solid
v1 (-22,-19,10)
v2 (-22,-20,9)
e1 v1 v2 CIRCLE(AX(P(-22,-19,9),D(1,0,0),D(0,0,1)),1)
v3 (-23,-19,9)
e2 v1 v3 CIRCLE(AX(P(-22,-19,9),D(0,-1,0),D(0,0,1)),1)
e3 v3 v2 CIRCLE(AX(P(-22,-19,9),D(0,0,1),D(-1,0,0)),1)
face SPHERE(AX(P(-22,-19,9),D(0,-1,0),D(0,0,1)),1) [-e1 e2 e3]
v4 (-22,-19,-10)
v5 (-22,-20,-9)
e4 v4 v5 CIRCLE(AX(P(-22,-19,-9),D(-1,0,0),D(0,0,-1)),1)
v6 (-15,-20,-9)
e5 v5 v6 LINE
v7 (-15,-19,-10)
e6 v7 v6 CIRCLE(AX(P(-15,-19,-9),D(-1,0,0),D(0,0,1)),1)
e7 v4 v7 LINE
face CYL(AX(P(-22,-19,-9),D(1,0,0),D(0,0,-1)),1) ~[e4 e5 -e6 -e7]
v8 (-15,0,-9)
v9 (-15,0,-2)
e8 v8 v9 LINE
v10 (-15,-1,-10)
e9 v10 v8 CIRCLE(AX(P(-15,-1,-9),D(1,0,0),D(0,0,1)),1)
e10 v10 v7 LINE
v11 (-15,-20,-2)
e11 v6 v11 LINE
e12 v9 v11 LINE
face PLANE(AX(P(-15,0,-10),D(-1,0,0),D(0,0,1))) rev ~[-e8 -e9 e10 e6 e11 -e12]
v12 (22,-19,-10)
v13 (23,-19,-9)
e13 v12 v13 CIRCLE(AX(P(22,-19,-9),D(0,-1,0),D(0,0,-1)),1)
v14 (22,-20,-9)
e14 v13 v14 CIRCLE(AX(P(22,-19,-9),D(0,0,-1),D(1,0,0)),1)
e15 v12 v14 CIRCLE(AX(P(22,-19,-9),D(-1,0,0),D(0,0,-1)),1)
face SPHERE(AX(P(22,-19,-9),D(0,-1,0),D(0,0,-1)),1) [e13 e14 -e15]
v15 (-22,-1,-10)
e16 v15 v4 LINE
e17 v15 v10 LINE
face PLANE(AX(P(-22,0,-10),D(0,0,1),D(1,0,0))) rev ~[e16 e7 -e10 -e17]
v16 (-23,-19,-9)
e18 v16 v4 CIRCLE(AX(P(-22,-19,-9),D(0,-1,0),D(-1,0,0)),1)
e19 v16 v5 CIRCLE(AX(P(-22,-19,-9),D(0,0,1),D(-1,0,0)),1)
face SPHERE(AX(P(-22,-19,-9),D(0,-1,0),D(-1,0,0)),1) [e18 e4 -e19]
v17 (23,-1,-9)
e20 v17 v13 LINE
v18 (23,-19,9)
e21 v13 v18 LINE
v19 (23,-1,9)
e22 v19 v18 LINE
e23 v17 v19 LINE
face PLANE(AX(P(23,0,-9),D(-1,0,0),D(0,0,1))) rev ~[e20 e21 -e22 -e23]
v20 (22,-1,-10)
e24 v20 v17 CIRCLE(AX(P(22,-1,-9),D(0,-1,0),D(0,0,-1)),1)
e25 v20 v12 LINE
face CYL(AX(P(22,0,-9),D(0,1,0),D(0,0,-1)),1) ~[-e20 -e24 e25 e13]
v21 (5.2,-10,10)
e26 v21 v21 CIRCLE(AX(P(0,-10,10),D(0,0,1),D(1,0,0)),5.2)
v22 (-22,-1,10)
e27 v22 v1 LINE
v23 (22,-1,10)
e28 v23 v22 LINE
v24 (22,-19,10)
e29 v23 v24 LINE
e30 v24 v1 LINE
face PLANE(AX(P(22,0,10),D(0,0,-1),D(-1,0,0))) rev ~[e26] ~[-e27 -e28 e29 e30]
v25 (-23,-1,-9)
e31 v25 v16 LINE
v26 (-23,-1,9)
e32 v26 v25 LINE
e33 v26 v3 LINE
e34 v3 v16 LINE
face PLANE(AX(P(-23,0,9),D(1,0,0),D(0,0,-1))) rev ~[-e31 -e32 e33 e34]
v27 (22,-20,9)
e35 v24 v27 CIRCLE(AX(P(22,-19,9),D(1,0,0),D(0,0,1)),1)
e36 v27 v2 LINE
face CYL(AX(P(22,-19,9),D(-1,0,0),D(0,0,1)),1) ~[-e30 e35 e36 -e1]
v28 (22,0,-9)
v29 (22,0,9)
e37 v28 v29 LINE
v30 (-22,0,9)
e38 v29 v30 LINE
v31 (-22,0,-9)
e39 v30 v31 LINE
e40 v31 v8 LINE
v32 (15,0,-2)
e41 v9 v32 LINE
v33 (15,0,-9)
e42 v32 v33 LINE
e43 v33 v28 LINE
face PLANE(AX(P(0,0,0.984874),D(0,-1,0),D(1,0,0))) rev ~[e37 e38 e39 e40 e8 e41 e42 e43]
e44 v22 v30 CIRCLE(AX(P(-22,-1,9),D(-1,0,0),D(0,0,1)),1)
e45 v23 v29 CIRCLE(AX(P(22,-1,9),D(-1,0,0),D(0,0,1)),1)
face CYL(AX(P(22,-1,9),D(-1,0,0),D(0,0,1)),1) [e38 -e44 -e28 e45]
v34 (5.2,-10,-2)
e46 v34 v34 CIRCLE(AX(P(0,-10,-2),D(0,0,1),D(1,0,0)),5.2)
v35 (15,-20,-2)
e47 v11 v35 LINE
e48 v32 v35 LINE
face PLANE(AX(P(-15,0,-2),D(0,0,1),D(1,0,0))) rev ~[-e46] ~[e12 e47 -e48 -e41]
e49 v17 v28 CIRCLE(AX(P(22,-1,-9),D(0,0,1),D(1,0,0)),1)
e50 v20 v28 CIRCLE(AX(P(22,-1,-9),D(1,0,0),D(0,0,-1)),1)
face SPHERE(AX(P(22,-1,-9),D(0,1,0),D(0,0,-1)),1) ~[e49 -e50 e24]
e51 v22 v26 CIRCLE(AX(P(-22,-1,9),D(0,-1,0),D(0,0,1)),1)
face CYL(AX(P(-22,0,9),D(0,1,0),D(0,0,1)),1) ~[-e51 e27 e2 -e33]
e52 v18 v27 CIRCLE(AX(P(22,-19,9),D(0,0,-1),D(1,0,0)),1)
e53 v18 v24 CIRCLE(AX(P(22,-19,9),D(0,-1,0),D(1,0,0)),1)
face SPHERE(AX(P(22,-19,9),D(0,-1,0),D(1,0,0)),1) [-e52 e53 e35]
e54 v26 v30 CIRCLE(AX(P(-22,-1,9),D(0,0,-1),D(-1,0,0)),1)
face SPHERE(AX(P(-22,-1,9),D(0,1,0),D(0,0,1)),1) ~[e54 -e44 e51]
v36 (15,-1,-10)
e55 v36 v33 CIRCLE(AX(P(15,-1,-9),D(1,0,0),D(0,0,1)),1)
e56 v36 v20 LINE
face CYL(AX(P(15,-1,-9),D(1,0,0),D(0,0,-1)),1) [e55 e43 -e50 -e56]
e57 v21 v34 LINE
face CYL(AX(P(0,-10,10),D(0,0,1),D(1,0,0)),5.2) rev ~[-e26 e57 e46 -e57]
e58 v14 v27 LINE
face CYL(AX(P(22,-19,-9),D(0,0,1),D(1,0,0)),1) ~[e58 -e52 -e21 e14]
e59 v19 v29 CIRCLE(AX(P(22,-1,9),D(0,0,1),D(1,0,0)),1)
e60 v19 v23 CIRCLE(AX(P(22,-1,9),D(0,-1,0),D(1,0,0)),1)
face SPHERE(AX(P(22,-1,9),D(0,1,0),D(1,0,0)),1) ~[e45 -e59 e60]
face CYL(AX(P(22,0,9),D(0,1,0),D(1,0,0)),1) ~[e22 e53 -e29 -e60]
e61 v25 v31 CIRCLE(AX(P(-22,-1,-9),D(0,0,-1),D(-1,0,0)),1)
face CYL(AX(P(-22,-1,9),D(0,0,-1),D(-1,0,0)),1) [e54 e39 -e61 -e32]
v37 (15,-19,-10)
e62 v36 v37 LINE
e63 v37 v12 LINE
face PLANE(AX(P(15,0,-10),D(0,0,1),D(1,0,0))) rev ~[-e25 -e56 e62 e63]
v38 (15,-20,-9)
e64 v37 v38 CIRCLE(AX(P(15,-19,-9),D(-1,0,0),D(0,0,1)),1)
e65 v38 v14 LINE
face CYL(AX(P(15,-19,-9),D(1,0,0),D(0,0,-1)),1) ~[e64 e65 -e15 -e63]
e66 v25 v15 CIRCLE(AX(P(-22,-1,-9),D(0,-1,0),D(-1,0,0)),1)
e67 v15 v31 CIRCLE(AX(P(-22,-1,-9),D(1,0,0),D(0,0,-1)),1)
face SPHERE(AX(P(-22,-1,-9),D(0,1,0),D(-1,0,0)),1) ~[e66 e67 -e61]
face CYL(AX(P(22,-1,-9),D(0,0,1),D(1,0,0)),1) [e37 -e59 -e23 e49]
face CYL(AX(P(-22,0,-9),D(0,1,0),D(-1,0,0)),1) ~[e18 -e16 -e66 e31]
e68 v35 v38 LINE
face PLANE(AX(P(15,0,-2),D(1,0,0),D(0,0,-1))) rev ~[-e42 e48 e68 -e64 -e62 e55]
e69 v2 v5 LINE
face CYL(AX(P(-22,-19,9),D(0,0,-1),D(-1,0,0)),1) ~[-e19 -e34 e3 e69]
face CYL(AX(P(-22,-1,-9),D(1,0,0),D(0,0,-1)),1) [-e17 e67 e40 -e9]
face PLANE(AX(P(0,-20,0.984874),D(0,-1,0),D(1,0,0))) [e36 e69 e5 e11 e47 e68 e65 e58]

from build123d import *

# Parameters (mm, degrees)
F1_DEPTH = 20
F2_R     = 5.2
F3_DEPTH = 25
F4_R     = 1


with BuildPart() as f1:
    # F0 (on Front) → F1 (new body)
    with BuildSketch(Plane.XZ):
        with BuildLine():
            Line((22, 10), (-22, 10))
            ThreePointArc((-22, 10), (-22.7071067812, 9.7071067812), (-23, 9))
            Line((-23, 9), (-23, -9))
            ThreePointArc((-23, -9), (-22.7071067812, -9.7071067812), (-22, -10))
            Line((-22, -10), (-15, -10))
            Line((-15, -10), (-15, -2))
            Line((-15, -2), (15, -2))
            Line((15, -2), (15, -10))
            Line((15, -10), (22, -10))
            ThreePointArc((22, -10), (22.7071067812, -9.7071067812), (23, -9))
            Line((23, -9), (23, 9))
            ThreePointArc((23, 9), (22.7071067812, 9.7071067812), (22, 10))
        make_face()
    extrude(amount=F1_DEPTH)

    # F2 (on face) → F3 (cut)
    with BuildSketch(Plane.XY.offset(10)):
        with Locations((0, -10)):
            Circle(F2_R)
    extrude(amount=-F3_DEPTH, mode=Mode.SUBTRACT)

    # F4
    f4_edges = [f1.edges().sort_by_distance(p)[0] for p in [
        (0, -20, 10),
        (23, -20, 0),
        (0, 0, 10),
        (23, 0, 0),
    ]]
    fillet(f4_edges, radius=F4_R)


solid = f1.part
